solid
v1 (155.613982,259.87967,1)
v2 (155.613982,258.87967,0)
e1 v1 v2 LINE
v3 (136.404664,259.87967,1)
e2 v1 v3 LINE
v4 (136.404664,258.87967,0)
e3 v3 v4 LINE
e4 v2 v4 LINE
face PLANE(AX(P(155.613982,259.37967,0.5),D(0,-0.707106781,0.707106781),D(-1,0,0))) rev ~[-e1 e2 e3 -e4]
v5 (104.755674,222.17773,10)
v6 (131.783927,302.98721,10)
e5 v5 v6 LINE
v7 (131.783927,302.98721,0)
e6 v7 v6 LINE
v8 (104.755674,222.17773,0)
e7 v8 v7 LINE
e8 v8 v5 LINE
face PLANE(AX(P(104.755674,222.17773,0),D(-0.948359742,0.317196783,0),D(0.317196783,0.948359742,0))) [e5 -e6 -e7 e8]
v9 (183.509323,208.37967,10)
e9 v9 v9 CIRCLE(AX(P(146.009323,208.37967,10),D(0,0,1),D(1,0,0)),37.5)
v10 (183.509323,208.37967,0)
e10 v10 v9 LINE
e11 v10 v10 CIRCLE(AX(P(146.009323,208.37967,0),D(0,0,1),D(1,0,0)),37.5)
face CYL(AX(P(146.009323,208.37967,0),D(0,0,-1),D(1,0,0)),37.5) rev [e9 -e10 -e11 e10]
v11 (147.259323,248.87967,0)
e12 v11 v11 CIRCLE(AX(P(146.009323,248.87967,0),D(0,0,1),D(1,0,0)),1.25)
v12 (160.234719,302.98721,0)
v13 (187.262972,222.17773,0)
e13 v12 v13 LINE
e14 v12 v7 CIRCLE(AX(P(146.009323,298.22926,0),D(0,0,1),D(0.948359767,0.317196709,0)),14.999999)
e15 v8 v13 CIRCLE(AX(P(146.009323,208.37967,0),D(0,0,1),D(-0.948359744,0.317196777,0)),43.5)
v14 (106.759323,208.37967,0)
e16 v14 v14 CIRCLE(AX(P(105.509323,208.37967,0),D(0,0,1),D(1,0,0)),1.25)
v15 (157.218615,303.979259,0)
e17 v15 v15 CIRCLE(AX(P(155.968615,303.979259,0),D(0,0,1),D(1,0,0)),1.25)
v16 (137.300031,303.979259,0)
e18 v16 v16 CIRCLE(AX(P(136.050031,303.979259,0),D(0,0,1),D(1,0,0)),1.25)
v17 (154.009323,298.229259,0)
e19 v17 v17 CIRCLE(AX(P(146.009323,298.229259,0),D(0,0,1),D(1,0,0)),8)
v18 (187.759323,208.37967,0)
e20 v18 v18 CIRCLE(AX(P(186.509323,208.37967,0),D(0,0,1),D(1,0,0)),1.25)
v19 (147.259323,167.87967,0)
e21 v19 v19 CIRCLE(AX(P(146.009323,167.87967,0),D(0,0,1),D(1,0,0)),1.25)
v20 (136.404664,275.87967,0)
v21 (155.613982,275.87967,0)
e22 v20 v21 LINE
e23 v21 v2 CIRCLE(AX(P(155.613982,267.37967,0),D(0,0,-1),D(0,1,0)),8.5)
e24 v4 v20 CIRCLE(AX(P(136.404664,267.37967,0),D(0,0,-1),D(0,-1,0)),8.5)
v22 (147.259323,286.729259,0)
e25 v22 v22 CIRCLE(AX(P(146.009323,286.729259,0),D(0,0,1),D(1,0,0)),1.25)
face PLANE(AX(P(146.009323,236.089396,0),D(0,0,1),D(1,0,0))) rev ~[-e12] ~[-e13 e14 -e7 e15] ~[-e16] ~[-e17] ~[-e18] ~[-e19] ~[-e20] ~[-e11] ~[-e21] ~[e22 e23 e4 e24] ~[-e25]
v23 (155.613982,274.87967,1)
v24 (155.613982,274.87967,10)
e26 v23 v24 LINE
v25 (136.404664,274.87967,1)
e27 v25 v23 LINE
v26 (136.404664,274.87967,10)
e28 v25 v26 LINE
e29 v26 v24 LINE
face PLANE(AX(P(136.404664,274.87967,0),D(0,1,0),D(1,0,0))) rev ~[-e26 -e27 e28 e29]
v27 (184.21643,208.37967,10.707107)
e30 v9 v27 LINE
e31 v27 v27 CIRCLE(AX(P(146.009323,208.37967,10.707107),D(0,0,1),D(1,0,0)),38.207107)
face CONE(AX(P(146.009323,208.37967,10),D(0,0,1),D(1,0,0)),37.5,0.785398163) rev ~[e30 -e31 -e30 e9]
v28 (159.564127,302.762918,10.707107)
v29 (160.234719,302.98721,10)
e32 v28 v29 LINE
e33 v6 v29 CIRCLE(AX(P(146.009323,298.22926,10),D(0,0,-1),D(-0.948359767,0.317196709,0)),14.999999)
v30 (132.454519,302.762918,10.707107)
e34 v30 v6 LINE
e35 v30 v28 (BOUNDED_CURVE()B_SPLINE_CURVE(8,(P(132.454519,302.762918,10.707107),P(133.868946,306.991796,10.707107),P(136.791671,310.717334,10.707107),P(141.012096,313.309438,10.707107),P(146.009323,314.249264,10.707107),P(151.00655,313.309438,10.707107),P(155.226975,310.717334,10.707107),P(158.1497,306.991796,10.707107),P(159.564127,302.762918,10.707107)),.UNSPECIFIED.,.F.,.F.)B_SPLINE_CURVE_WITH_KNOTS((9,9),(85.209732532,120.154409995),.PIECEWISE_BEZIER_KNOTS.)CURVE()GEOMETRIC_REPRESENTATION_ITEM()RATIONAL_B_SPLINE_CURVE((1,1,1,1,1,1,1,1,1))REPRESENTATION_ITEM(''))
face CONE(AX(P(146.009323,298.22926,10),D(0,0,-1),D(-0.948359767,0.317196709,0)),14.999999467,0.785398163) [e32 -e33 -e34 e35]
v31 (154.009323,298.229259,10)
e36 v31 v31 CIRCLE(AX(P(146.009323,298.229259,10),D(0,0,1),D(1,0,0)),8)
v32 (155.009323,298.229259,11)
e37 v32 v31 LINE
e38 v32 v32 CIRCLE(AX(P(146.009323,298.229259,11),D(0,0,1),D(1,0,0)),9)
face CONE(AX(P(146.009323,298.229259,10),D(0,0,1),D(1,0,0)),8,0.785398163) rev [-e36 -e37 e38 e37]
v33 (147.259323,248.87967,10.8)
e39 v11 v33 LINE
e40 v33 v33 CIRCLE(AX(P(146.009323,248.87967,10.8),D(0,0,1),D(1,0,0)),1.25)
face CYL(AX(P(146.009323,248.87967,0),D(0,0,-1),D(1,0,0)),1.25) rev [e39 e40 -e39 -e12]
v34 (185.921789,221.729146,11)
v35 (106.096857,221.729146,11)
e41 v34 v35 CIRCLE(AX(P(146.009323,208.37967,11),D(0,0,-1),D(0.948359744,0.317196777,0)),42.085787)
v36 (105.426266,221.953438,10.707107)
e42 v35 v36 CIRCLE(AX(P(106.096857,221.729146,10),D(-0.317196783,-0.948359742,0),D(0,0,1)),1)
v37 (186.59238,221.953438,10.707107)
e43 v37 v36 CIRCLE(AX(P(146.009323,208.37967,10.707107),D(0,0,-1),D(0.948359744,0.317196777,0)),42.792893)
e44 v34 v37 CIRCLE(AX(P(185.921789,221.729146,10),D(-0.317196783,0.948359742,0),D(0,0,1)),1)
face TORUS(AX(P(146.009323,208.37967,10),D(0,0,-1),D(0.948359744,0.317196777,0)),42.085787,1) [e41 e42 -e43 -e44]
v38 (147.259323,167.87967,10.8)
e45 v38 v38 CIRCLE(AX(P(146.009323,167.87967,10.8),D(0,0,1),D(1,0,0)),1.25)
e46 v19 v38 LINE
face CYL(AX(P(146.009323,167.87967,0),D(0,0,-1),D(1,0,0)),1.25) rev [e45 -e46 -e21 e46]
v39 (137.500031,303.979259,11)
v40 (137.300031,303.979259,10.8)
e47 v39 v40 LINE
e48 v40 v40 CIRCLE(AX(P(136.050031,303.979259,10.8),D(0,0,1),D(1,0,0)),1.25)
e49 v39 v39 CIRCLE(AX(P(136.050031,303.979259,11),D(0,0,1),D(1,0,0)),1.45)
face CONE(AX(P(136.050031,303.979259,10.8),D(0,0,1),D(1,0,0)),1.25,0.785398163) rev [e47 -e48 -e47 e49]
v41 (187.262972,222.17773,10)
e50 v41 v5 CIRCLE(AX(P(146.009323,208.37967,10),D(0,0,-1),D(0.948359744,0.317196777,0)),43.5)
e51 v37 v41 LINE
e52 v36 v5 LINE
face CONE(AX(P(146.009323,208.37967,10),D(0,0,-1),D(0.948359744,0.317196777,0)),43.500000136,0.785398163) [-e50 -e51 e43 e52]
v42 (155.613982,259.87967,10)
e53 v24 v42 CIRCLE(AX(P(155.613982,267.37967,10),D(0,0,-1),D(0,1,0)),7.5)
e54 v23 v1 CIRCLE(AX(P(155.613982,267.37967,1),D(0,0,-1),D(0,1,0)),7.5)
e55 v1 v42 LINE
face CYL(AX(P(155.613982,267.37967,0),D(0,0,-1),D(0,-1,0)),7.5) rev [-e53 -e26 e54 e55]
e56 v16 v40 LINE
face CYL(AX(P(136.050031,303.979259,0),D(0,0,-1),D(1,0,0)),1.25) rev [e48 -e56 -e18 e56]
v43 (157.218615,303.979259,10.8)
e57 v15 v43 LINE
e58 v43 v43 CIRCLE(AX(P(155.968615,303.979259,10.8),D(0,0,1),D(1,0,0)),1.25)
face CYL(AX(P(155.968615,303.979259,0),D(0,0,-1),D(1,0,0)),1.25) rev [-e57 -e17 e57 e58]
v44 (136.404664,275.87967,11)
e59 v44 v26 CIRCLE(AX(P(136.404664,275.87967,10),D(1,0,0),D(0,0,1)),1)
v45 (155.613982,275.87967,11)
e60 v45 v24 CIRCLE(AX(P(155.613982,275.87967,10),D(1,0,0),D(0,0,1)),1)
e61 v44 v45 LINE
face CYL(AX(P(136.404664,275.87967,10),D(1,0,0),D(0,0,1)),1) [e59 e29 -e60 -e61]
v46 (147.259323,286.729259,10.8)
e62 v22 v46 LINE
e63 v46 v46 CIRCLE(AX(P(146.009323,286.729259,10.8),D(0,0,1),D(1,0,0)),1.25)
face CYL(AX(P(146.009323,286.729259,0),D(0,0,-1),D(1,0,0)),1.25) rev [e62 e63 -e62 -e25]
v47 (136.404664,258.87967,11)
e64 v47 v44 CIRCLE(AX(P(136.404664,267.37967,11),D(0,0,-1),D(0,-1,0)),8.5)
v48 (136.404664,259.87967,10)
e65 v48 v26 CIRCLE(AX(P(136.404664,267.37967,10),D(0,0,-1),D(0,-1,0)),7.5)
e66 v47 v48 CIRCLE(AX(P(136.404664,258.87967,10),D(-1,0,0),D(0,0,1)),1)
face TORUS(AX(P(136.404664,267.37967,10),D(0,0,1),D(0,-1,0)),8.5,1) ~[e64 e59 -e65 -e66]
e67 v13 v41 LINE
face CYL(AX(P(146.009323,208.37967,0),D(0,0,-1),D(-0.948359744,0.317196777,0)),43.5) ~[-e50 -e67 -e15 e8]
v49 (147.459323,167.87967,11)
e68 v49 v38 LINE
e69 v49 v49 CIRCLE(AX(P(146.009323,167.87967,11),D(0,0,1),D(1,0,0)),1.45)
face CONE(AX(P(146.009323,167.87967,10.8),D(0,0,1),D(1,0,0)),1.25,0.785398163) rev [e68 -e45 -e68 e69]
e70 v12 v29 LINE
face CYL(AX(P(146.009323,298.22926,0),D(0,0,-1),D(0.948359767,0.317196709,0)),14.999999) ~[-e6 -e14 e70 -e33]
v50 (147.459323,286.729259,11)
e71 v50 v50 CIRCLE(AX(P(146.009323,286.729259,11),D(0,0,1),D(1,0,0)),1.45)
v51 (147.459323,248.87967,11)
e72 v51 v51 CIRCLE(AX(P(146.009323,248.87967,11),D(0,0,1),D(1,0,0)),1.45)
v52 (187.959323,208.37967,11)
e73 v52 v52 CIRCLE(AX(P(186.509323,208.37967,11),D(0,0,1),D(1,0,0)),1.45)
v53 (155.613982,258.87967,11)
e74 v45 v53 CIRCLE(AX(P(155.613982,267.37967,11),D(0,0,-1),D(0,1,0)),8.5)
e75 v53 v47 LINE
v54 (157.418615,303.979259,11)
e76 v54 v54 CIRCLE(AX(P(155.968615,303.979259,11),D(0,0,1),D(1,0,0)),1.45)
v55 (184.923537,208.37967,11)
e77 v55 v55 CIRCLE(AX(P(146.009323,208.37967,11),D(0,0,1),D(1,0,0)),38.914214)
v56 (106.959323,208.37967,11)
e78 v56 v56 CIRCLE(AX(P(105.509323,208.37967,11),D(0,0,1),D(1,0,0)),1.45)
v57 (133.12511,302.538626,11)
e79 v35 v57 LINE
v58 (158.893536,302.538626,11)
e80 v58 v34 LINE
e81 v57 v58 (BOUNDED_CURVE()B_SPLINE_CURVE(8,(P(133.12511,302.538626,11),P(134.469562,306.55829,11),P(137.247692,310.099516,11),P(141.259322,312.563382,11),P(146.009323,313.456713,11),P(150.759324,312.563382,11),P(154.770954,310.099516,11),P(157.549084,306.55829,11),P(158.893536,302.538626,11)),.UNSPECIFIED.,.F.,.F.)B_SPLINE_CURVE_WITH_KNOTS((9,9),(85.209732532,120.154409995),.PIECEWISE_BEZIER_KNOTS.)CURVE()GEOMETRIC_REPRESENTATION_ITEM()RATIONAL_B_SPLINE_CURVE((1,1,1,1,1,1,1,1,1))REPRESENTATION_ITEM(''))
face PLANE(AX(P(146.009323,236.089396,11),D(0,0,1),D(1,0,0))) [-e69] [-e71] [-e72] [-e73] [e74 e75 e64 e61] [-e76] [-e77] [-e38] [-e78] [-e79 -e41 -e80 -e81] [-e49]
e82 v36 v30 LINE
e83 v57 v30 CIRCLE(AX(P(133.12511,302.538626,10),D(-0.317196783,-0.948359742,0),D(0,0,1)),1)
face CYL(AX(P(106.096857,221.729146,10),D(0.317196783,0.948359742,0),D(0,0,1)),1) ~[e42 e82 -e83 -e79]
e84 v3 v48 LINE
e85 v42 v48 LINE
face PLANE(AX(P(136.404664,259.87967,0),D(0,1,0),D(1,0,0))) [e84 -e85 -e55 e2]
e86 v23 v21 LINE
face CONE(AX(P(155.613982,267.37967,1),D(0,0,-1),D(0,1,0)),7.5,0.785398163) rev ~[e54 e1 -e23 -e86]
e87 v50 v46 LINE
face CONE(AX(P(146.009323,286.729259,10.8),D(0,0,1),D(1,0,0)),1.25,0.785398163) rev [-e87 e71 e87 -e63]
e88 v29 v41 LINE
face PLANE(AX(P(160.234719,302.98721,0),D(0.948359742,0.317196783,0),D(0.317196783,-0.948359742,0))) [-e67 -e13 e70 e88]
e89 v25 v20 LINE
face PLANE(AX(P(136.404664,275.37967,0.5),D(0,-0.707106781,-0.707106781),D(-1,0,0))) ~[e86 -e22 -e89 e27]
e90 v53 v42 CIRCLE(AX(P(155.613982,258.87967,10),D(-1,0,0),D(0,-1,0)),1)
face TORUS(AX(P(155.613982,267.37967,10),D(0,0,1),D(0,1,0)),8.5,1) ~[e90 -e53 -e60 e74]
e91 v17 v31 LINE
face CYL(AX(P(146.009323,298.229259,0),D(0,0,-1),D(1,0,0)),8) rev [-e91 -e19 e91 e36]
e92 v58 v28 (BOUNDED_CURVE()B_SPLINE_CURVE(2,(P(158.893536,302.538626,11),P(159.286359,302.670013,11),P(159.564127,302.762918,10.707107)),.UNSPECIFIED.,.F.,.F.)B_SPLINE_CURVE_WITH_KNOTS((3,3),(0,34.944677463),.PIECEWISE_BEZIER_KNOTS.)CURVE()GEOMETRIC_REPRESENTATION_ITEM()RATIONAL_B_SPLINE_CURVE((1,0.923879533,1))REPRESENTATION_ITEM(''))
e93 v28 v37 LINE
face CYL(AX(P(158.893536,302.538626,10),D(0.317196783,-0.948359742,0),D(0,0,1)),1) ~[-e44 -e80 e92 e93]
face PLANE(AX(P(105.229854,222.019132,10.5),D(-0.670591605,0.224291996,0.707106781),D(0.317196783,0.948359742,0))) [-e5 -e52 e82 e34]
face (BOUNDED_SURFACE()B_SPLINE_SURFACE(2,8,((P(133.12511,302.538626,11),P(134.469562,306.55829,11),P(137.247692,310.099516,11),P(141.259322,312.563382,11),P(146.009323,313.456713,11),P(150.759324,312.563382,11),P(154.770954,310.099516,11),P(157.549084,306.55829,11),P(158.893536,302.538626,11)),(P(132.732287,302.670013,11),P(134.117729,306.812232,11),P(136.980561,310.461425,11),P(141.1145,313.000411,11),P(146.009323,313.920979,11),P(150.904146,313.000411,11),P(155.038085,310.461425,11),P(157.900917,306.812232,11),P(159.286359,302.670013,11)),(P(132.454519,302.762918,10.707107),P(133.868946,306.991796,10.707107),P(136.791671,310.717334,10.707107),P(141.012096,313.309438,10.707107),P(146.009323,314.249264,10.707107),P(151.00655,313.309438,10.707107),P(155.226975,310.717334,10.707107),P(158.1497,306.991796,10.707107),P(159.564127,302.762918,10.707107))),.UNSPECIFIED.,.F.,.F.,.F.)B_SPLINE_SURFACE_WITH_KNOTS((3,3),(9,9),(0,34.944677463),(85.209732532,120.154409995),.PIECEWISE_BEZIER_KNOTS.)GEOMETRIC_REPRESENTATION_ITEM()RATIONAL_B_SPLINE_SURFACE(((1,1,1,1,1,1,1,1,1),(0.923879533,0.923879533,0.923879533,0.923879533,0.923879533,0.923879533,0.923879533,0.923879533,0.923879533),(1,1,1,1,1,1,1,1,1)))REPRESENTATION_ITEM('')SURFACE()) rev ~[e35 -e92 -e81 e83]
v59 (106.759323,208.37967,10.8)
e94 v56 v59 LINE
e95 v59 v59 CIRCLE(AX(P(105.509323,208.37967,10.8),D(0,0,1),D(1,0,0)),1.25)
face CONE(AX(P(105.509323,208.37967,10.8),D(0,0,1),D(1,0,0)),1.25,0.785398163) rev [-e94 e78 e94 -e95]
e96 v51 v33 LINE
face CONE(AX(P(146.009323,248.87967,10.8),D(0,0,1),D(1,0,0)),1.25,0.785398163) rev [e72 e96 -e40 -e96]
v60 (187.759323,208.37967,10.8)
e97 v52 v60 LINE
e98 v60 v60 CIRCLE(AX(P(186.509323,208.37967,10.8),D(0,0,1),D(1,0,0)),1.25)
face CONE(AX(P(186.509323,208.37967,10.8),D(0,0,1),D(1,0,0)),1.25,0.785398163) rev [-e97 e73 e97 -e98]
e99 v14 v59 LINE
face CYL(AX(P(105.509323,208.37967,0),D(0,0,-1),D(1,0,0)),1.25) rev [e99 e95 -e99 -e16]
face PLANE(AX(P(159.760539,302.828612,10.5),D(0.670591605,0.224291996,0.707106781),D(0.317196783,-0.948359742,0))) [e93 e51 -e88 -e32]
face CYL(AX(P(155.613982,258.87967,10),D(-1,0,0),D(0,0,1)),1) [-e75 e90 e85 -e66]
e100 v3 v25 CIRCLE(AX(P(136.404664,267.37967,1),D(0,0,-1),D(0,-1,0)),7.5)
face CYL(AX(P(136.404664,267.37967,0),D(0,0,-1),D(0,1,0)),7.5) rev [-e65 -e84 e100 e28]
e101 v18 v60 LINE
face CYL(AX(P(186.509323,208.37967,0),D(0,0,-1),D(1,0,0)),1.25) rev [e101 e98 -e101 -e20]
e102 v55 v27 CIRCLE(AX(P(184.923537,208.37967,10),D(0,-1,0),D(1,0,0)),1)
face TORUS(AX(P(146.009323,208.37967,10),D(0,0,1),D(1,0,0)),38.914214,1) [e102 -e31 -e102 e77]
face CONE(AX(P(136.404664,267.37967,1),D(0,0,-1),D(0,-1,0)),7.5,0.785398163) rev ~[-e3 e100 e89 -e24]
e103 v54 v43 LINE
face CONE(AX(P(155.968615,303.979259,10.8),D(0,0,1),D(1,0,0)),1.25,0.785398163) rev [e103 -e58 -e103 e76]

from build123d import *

# Parameters (mm, degrees)
SKETCH001_R     = 37.5
SKETCH001_R_2   = 8
SKETCH001_R_3   = 1.25
PAD_DEPTH       = 11
CHAMFER_SIZE    = 1
CHAMFER001_SIZE = 1
FILLET_R        = 1
CHAMFER002_SIZE = 0.2
CHAMFER003_SIZE = 1


with BuildPart() as part:
    # Sketch001 → Pad (new body)
    with BuildSketch(Plane.XY):
        with BuildLine():
            ThreePointArc((160.234719, 302.98721), (146.009323, 313.229259), (131.783927, 302.98721))
            Line((104.755674, 222.17773), (131.783927, 302.98721))
            ThreePointArc((104.755674, 222.17773), (146.009323, 164.87967), (187.262972, 222.17773))
            Line((160.234719, 302.98721), (187.262972, 222.17773))
        make_face()
        with Locations((146.009323, 208.37967)):
            Circle(SKETCH001_R, mode=Mode.SUBTRACT)
        with Locations((146.009323, 298.229259)):
            Circle(SKETCH001_R_2, mode=Mode.SUBTRACT)
        with Locations((155.968615, 303.979259)):
            Circle(SKETCH001_R_3, mode=Mode.SUBTRACT)
        with Locations((146.009323, 286.729259)):
            Circle(SKETCH001_R_3, mode=Mode.SUBTRACT)
        with Locations((136.050031, 303.979259)):
            Circle(SKETCH001_R_3, mode=Mode.SUBTRACT)
        with Locations((146.009323, 248.87967)):
            Circle(SKETCH001_R_3, mode=Mode.SUBTRACT)
        with Locations((186.509323, 208.37967)):
            Circle(SKETCH001_R_3, mode=Mode.SUBTRACT)
        with Locations((146.009323, 167.87967)):
            Circle(SKETCH001_R_3, mode=Mode.SUBTRACT)
        with Locations((105.509323, 208.37967)):
            Circle(SKETCH001_R_3, mode=Mode.SUBTRACT)
        with BuildLine():
            ThreePointArc((136.404664, 274.87967), (128.904664, 267.37967), (136.404664, 259.87967))
            Line((136.404664, 259.87967), (155.613982, 259.87967))
            ThreePointArc((155.613982, 259.87967), (163.113982, 267.37967), (155.613982, 274.87967))
            Line((136.404664, 274.87967), (155.613982, 274.87967))
        make_face(mode=Mode.SUBTRACT)
    extrude(amount=PAD_DEPTH)

    # Chamfer
    chamfer_edges = [part.edges().sort_by_distance(p)[0] for p in [
        (108.509323, 208.37967, 11),
        (146.009323, 274.87967, 0),
    ]]
    chamfer(chamfer_edges, length=CHAMFER_SIZE)

    # Chamfer001
    chamfer001_edges = [part.edges().sort_by_distance(p)[0] for p in [
        (173.748846, 262.58247, 11),
    ]]
    chamfer(chamfer001_edges, length=CHAMFER001_SIZE)

    # Fillet
    fillet_edges = [part.edges().sort_by_distance(p)[0] for p in [
        (146.009323, 274.87967, 11),
        (107.509323, 208.37967, 11),
        (119.21816, 262.265273, 11),
        (146.009323, 165.87967, 11),
    ]]
    fillet(fillet_edges, radius=FILLET_R)

    # Chamfer002
    chamfer002_edges = [part.edges().sort_by_distance(p)[0] for p in [
        (144.759323, 286.729259, 11),
        (134.800031, 303.979259, 11),
        (154.718615, 303.979259, 11),
        (185.259323, 208.37967, 11),
        (144.759323, 167.87967, 11),
        (104.259323, 208.37967, 11),
        (144.759323, 248.87967, 11),
    ]]
    chamfer(chamfer002_edges, length=CHAMFER002_SIZE)

    # Chamfer003
    chamfer003_edges = [part.edges().sort_by_distance(p)[0] for p in [
        (138.009323, 298.229259, 11),
    ]]
    chamfer(chamfer003_edges, length=CHAMFER003_SIZE)


solid = part.part
